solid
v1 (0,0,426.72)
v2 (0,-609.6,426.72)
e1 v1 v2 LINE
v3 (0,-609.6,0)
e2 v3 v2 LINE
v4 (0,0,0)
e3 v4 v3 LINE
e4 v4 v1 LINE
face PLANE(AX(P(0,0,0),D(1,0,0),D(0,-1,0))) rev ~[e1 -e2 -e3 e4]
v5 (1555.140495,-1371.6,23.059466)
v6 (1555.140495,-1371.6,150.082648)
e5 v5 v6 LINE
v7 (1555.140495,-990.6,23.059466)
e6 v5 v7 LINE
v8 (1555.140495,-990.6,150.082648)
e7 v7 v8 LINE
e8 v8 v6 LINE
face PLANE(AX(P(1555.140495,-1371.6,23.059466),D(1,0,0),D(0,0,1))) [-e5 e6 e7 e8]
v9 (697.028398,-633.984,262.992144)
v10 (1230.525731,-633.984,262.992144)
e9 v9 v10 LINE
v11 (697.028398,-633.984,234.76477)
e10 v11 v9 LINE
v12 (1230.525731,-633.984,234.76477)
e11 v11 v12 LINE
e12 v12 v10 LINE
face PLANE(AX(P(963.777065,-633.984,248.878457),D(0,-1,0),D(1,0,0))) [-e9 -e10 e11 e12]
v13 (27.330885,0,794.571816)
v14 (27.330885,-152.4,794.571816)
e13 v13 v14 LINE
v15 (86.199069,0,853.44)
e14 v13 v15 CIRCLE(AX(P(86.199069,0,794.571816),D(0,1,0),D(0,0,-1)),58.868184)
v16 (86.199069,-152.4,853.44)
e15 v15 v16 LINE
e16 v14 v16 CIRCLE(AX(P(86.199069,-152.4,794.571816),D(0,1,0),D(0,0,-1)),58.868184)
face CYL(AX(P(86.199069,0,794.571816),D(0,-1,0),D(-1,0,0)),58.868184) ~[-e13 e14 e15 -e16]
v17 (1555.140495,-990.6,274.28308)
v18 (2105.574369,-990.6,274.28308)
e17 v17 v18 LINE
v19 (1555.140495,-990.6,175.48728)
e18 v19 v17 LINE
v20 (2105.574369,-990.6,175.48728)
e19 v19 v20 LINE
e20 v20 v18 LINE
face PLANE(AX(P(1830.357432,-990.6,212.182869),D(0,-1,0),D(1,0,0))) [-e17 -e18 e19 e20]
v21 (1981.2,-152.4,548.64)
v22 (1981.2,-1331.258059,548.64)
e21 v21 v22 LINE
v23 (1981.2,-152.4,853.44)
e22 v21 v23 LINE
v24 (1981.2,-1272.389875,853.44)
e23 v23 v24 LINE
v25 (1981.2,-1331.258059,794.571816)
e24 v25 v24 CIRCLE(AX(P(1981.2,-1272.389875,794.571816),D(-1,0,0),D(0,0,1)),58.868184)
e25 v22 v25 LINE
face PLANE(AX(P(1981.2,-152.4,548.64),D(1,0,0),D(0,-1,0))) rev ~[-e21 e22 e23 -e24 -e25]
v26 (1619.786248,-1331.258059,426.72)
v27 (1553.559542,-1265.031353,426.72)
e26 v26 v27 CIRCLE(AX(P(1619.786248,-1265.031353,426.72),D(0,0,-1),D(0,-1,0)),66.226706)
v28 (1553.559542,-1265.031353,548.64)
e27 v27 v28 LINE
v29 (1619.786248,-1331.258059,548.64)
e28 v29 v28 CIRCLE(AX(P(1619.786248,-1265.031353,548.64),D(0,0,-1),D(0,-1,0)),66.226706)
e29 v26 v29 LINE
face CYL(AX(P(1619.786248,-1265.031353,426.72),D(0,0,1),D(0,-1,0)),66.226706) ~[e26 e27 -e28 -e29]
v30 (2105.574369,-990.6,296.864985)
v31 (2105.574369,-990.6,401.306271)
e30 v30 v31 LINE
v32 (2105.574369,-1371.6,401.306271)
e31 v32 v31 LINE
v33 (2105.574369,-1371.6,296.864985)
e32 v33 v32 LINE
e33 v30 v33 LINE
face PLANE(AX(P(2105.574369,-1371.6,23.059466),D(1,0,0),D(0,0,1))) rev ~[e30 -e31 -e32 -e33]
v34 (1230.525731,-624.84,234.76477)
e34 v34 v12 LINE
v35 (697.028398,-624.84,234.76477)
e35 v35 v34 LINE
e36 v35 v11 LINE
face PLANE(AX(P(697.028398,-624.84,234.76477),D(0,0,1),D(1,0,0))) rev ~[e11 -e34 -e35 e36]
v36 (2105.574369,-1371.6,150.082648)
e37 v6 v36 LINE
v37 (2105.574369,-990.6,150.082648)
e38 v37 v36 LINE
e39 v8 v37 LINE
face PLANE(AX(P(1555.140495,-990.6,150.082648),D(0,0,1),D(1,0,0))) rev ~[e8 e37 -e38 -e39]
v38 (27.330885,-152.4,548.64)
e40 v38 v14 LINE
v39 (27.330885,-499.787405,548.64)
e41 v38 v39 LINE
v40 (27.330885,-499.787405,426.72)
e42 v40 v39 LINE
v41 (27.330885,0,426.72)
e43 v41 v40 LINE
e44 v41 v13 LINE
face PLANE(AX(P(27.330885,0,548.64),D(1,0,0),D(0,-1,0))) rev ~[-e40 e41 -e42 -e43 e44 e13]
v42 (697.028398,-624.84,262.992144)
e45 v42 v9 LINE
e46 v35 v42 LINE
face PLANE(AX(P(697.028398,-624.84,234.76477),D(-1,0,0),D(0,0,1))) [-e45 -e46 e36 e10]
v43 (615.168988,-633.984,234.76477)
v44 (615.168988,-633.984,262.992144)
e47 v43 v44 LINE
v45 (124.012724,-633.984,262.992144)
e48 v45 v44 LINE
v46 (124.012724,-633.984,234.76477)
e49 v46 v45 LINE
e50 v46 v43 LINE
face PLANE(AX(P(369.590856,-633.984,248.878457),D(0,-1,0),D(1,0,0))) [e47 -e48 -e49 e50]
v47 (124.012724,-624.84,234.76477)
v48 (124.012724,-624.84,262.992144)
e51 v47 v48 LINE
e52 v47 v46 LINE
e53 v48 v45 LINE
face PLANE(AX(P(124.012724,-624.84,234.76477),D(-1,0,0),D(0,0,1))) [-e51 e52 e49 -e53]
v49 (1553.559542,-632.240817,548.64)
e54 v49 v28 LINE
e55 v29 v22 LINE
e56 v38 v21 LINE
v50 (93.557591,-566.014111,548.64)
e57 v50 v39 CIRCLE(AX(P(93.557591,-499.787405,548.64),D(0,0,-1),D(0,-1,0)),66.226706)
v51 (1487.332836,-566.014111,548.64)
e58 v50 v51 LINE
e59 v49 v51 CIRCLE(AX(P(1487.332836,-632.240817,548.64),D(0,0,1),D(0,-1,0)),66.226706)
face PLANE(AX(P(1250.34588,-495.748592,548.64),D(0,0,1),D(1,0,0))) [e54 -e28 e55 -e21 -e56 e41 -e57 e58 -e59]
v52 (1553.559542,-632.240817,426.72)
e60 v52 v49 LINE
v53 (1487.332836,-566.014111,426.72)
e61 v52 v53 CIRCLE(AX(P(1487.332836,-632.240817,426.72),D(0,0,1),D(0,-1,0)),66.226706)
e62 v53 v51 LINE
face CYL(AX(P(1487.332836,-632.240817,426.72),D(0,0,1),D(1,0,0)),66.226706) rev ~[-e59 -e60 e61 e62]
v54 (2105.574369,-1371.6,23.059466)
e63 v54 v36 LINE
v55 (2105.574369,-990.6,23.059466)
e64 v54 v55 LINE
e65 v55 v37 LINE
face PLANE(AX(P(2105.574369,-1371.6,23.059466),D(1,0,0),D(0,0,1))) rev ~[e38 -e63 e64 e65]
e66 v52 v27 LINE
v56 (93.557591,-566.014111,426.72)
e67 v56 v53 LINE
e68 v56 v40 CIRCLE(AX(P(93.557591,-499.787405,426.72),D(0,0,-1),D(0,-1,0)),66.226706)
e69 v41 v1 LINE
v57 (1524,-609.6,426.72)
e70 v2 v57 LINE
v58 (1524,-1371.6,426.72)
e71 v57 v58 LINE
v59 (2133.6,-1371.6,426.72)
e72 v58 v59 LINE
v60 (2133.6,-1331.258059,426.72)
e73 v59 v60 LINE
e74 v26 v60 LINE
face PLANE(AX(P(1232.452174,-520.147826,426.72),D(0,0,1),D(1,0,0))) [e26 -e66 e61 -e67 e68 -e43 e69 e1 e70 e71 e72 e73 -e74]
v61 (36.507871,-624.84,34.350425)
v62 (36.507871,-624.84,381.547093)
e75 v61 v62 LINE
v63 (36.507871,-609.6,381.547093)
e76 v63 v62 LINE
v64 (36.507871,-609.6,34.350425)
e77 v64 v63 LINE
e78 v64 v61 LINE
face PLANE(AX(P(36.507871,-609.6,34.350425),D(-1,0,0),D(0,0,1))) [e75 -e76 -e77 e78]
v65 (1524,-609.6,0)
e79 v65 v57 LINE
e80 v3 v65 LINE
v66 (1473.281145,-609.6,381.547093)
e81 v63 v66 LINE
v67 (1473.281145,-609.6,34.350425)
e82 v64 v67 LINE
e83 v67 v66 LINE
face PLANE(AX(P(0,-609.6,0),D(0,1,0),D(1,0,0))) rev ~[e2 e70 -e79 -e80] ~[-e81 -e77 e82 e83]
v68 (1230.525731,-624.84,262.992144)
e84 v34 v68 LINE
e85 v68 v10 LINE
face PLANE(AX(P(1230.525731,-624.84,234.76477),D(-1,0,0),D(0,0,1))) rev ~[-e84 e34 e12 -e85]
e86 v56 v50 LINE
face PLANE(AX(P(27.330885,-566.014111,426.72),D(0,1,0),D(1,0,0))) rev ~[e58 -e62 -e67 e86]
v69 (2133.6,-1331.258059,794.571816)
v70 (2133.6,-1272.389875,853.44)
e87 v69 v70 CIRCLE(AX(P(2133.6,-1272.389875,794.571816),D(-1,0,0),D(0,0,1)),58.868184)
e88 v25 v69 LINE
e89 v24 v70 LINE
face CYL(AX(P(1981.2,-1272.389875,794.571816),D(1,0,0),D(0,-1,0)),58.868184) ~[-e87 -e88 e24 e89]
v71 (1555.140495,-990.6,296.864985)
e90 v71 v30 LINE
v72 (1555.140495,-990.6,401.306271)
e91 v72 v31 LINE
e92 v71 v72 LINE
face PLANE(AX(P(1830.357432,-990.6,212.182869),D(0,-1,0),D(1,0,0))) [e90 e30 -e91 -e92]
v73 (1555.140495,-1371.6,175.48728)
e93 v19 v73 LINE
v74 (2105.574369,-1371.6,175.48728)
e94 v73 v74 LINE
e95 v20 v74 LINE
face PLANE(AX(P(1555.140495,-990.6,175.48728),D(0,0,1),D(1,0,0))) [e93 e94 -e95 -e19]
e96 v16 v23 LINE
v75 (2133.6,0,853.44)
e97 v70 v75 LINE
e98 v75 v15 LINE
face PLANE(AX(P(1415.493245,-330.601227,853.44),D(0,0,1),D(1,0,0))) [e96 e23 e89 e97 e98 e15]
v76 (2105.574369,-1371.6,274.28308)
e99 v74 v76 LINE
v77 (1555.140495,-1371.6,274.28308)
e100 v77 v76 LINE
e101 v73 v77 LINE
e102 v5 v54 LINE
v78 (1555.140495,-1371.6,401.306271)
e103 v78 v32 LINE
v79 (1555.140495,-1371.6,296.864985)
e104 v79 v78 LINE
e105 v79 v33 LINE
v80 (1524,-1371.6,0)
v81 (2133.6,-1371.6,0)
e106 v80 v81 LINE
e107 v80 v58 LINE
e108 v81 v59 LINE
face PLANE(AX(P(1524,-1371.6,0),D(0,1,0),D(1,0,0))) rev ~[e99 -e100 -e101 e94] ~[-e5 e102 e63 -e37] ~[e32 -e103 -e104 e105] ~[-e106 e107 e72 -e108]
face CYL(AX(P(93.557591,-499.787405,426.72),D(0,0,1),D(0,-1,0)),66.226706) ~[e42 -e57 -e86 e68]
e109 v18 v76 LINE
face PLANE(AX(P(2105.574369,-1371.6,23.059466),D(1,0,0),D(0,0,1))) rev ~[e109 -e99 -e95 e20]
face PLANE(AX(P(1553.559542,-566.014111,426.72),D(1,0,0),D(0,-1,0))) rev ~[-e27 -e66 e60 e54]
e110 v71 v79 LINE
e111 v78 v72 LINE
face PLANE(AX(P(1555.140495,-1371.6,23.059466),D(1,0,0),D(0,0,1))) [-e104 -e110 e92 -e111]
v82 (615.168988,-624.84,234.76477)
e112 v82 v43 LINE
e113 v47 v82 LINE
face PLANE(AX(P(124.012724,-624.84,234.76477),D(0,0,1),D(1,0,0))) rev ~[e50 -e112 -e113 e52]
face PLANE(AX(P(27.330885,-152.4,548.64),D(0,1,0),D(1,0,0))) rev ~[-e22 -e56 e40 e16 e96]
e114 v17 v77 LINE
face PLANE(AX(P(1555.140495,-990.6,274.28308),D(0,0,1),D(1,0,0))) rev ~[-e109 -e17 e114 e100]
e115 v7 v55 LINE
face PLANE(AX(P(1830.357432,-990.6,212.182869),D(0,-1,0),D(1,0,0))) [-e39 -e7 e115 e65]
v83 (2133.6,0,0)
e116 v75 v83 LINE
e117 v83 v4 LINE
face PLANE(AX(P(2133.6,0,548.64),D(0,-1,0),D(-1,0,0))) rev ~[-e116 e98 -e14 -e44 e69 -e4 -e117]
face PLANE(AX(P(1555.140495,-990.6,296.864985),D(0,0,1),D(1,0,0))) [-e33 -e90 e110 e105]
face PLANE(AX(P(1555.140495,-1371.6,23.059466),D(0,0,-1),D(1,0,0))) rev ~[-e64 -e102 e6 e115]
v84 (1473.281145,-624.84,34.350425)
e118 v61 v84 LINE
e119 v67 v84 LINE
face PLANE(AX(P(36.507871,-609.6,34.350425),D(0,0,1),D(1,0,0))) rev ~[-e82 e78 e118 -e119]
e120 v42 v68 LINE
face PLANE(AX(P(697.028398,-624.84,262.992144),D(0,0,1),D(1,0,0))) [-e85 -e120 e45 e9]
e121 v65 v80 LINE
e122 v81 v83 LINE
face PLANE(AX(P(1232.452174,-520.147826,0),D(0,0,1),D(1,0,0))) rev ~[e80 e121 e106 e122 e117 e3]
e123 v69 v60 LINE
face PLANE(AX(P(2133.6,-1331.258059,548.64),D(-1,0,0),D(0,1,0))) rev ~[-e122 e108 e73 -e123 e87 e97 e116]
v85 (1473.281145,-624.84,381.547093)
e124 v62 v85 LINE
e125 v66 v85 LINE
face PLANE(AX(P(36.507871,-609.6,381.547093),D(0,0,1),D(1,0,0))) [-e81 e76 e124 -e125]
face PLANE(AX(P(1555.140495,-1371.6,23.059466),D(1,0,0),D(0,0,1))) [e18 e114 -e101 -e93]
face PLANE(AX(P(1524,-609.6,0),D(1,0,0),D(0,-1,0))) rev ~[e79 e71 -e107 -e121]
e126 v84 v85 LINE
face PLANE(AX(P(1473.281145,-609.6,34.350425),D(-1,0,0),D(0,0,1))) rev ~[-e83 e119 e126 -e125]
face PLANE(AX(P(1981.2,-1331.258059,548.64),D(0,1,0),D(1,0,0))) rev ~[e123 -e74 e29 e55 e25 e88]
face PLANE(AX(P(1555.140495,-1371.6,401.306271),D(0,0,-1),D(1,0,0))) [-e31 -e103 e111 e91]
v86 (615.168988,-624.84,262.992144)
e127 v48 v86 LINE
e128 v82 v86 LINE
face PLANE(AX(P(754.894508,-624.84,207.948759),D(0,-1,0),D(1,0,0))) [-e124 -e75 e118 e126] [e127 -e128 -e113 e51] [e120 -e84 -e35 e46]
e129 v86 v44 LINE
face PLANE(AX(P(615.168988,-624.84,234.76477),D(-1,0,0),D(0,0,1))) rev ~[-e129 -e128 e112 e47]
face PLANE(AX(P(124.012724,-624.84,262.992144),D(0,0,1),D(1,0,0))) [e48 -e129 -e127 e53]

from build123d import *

# Parameters (mm, degrees)
F1_DEPTH  = 426.72
F3_DEPTH  = 121.92
F5_DEPTH  = 304.8
F6_R      = 66.226706
F7_R      = 58.868184
F8_W      = 1436.773274
F8_H      = 347.196668
F9_DEPTH  = 15.24
F10_W     = 491.156265
F10_H     = 28.227374
F10_W_2   = 533.497333
F11_DEPTH = 9.144
F12_W     = 550.433874
F12_H     = 378.246805
F13_DEPTH = 381
F14_W     = 550.433874
F14_H     = 22.581905
F14_H_2   = 25.404632
F15_DEPTH = 381


with BuildPart() as f1:
    # F0 (on Top) → F1 (new body)
    with BuildSketch(Plane.XY):
        Polygon((2133.6, 0), (0, 0), (0, -609.6), (1524, -609.6), (1524, -1371.6), (2133.6, -1371.6), align=None)
    extrude(amount=F1_DEPTH)

    # F2 (on face) → F3 (join)
    with BuildSketch(Plane.XY.offset(426.72)):
        Polygon((2133.6, 0), (27.330885, 0), (27.330885, -566.014111), (1553.559542, -566.014111), (1553.559542, -1331.258059), (2133.6, -1331.258059), align=None)
    extrude(amount=F3_DEPTH)

    # F4 (on face) → F5 (join)
    with BuildSketch(Plane.XY.offset(548.64)):
        Polygon((2133.6, 0), (27.330885, 0), (27.330885, -152.4), (1981.2, -152.4), (1981.2, -1331.258059), (2133.6, -1331.258059), align=None)
    extrude(amount=F5_DEPTH)

    # F6
    f6_edges = [f1.edges().sort_by_distance(p)[0] for p in [
        (27.330885, -566.014111, 487.68),
        (1553.559542, -566.014111, 487.68),
        (1553.559542, -1331.258059, 487.68),
    ]]
    fillet(f6_edges, radius=F6_R)

    # F7
    f7_edges = [f1.edges().sort_by_distance(p)[0] for p in [
        (27.330885, -76.2, 853.44),
        (2057.4, -1331.258059, 853.44),
    ]]
    fillet(f7_edges, radius=F7_R)

    # F8 (on face) → F9 (join)
    with BuildSketch(Plane.XZ.offset(609.6)):
        with Locations((754.894508, 207.948759)):
            Rectangle(F8_W, F8_H)
    extrude(amount=F9_DEPTH)

    # F10 (on face) → F11 (join)
    with BuildSketch(Plane.XZ.offset(624.84)):
        with Locations((369.590856, 248.878457)):
            Rectangle(F10_W, F10_H)
        with Locations((963.777065, 248.878457)):
            Rectangle(F10_W_2, F10_H)
    extrude(amount=F11_DEPTH)

    # F12 (on face) → F13 (cut)
    with BuildSketch(Plane.XZ.offset(1371.6)):
        with Locations((1830.357432, 212.182869)):
            Rectangle(F12_W, F12_H)
    extrude(amount=-F13_DEPTH, mode=Mode.SUBTRACT)

    # F14 (on face) → F15 (join)
    with BuildSketch(Plane.XZ.offset(990.6)):
        with Locations((1830.357432, 285.574033)):
            Rectangle(F14_W, F14_H)
        with Locations((1830.357432, 162.784964)):
            Rectangle(F14_W, F14_H_2)
    extrude(amount=F15_DEPTH)


solid = f1.part
